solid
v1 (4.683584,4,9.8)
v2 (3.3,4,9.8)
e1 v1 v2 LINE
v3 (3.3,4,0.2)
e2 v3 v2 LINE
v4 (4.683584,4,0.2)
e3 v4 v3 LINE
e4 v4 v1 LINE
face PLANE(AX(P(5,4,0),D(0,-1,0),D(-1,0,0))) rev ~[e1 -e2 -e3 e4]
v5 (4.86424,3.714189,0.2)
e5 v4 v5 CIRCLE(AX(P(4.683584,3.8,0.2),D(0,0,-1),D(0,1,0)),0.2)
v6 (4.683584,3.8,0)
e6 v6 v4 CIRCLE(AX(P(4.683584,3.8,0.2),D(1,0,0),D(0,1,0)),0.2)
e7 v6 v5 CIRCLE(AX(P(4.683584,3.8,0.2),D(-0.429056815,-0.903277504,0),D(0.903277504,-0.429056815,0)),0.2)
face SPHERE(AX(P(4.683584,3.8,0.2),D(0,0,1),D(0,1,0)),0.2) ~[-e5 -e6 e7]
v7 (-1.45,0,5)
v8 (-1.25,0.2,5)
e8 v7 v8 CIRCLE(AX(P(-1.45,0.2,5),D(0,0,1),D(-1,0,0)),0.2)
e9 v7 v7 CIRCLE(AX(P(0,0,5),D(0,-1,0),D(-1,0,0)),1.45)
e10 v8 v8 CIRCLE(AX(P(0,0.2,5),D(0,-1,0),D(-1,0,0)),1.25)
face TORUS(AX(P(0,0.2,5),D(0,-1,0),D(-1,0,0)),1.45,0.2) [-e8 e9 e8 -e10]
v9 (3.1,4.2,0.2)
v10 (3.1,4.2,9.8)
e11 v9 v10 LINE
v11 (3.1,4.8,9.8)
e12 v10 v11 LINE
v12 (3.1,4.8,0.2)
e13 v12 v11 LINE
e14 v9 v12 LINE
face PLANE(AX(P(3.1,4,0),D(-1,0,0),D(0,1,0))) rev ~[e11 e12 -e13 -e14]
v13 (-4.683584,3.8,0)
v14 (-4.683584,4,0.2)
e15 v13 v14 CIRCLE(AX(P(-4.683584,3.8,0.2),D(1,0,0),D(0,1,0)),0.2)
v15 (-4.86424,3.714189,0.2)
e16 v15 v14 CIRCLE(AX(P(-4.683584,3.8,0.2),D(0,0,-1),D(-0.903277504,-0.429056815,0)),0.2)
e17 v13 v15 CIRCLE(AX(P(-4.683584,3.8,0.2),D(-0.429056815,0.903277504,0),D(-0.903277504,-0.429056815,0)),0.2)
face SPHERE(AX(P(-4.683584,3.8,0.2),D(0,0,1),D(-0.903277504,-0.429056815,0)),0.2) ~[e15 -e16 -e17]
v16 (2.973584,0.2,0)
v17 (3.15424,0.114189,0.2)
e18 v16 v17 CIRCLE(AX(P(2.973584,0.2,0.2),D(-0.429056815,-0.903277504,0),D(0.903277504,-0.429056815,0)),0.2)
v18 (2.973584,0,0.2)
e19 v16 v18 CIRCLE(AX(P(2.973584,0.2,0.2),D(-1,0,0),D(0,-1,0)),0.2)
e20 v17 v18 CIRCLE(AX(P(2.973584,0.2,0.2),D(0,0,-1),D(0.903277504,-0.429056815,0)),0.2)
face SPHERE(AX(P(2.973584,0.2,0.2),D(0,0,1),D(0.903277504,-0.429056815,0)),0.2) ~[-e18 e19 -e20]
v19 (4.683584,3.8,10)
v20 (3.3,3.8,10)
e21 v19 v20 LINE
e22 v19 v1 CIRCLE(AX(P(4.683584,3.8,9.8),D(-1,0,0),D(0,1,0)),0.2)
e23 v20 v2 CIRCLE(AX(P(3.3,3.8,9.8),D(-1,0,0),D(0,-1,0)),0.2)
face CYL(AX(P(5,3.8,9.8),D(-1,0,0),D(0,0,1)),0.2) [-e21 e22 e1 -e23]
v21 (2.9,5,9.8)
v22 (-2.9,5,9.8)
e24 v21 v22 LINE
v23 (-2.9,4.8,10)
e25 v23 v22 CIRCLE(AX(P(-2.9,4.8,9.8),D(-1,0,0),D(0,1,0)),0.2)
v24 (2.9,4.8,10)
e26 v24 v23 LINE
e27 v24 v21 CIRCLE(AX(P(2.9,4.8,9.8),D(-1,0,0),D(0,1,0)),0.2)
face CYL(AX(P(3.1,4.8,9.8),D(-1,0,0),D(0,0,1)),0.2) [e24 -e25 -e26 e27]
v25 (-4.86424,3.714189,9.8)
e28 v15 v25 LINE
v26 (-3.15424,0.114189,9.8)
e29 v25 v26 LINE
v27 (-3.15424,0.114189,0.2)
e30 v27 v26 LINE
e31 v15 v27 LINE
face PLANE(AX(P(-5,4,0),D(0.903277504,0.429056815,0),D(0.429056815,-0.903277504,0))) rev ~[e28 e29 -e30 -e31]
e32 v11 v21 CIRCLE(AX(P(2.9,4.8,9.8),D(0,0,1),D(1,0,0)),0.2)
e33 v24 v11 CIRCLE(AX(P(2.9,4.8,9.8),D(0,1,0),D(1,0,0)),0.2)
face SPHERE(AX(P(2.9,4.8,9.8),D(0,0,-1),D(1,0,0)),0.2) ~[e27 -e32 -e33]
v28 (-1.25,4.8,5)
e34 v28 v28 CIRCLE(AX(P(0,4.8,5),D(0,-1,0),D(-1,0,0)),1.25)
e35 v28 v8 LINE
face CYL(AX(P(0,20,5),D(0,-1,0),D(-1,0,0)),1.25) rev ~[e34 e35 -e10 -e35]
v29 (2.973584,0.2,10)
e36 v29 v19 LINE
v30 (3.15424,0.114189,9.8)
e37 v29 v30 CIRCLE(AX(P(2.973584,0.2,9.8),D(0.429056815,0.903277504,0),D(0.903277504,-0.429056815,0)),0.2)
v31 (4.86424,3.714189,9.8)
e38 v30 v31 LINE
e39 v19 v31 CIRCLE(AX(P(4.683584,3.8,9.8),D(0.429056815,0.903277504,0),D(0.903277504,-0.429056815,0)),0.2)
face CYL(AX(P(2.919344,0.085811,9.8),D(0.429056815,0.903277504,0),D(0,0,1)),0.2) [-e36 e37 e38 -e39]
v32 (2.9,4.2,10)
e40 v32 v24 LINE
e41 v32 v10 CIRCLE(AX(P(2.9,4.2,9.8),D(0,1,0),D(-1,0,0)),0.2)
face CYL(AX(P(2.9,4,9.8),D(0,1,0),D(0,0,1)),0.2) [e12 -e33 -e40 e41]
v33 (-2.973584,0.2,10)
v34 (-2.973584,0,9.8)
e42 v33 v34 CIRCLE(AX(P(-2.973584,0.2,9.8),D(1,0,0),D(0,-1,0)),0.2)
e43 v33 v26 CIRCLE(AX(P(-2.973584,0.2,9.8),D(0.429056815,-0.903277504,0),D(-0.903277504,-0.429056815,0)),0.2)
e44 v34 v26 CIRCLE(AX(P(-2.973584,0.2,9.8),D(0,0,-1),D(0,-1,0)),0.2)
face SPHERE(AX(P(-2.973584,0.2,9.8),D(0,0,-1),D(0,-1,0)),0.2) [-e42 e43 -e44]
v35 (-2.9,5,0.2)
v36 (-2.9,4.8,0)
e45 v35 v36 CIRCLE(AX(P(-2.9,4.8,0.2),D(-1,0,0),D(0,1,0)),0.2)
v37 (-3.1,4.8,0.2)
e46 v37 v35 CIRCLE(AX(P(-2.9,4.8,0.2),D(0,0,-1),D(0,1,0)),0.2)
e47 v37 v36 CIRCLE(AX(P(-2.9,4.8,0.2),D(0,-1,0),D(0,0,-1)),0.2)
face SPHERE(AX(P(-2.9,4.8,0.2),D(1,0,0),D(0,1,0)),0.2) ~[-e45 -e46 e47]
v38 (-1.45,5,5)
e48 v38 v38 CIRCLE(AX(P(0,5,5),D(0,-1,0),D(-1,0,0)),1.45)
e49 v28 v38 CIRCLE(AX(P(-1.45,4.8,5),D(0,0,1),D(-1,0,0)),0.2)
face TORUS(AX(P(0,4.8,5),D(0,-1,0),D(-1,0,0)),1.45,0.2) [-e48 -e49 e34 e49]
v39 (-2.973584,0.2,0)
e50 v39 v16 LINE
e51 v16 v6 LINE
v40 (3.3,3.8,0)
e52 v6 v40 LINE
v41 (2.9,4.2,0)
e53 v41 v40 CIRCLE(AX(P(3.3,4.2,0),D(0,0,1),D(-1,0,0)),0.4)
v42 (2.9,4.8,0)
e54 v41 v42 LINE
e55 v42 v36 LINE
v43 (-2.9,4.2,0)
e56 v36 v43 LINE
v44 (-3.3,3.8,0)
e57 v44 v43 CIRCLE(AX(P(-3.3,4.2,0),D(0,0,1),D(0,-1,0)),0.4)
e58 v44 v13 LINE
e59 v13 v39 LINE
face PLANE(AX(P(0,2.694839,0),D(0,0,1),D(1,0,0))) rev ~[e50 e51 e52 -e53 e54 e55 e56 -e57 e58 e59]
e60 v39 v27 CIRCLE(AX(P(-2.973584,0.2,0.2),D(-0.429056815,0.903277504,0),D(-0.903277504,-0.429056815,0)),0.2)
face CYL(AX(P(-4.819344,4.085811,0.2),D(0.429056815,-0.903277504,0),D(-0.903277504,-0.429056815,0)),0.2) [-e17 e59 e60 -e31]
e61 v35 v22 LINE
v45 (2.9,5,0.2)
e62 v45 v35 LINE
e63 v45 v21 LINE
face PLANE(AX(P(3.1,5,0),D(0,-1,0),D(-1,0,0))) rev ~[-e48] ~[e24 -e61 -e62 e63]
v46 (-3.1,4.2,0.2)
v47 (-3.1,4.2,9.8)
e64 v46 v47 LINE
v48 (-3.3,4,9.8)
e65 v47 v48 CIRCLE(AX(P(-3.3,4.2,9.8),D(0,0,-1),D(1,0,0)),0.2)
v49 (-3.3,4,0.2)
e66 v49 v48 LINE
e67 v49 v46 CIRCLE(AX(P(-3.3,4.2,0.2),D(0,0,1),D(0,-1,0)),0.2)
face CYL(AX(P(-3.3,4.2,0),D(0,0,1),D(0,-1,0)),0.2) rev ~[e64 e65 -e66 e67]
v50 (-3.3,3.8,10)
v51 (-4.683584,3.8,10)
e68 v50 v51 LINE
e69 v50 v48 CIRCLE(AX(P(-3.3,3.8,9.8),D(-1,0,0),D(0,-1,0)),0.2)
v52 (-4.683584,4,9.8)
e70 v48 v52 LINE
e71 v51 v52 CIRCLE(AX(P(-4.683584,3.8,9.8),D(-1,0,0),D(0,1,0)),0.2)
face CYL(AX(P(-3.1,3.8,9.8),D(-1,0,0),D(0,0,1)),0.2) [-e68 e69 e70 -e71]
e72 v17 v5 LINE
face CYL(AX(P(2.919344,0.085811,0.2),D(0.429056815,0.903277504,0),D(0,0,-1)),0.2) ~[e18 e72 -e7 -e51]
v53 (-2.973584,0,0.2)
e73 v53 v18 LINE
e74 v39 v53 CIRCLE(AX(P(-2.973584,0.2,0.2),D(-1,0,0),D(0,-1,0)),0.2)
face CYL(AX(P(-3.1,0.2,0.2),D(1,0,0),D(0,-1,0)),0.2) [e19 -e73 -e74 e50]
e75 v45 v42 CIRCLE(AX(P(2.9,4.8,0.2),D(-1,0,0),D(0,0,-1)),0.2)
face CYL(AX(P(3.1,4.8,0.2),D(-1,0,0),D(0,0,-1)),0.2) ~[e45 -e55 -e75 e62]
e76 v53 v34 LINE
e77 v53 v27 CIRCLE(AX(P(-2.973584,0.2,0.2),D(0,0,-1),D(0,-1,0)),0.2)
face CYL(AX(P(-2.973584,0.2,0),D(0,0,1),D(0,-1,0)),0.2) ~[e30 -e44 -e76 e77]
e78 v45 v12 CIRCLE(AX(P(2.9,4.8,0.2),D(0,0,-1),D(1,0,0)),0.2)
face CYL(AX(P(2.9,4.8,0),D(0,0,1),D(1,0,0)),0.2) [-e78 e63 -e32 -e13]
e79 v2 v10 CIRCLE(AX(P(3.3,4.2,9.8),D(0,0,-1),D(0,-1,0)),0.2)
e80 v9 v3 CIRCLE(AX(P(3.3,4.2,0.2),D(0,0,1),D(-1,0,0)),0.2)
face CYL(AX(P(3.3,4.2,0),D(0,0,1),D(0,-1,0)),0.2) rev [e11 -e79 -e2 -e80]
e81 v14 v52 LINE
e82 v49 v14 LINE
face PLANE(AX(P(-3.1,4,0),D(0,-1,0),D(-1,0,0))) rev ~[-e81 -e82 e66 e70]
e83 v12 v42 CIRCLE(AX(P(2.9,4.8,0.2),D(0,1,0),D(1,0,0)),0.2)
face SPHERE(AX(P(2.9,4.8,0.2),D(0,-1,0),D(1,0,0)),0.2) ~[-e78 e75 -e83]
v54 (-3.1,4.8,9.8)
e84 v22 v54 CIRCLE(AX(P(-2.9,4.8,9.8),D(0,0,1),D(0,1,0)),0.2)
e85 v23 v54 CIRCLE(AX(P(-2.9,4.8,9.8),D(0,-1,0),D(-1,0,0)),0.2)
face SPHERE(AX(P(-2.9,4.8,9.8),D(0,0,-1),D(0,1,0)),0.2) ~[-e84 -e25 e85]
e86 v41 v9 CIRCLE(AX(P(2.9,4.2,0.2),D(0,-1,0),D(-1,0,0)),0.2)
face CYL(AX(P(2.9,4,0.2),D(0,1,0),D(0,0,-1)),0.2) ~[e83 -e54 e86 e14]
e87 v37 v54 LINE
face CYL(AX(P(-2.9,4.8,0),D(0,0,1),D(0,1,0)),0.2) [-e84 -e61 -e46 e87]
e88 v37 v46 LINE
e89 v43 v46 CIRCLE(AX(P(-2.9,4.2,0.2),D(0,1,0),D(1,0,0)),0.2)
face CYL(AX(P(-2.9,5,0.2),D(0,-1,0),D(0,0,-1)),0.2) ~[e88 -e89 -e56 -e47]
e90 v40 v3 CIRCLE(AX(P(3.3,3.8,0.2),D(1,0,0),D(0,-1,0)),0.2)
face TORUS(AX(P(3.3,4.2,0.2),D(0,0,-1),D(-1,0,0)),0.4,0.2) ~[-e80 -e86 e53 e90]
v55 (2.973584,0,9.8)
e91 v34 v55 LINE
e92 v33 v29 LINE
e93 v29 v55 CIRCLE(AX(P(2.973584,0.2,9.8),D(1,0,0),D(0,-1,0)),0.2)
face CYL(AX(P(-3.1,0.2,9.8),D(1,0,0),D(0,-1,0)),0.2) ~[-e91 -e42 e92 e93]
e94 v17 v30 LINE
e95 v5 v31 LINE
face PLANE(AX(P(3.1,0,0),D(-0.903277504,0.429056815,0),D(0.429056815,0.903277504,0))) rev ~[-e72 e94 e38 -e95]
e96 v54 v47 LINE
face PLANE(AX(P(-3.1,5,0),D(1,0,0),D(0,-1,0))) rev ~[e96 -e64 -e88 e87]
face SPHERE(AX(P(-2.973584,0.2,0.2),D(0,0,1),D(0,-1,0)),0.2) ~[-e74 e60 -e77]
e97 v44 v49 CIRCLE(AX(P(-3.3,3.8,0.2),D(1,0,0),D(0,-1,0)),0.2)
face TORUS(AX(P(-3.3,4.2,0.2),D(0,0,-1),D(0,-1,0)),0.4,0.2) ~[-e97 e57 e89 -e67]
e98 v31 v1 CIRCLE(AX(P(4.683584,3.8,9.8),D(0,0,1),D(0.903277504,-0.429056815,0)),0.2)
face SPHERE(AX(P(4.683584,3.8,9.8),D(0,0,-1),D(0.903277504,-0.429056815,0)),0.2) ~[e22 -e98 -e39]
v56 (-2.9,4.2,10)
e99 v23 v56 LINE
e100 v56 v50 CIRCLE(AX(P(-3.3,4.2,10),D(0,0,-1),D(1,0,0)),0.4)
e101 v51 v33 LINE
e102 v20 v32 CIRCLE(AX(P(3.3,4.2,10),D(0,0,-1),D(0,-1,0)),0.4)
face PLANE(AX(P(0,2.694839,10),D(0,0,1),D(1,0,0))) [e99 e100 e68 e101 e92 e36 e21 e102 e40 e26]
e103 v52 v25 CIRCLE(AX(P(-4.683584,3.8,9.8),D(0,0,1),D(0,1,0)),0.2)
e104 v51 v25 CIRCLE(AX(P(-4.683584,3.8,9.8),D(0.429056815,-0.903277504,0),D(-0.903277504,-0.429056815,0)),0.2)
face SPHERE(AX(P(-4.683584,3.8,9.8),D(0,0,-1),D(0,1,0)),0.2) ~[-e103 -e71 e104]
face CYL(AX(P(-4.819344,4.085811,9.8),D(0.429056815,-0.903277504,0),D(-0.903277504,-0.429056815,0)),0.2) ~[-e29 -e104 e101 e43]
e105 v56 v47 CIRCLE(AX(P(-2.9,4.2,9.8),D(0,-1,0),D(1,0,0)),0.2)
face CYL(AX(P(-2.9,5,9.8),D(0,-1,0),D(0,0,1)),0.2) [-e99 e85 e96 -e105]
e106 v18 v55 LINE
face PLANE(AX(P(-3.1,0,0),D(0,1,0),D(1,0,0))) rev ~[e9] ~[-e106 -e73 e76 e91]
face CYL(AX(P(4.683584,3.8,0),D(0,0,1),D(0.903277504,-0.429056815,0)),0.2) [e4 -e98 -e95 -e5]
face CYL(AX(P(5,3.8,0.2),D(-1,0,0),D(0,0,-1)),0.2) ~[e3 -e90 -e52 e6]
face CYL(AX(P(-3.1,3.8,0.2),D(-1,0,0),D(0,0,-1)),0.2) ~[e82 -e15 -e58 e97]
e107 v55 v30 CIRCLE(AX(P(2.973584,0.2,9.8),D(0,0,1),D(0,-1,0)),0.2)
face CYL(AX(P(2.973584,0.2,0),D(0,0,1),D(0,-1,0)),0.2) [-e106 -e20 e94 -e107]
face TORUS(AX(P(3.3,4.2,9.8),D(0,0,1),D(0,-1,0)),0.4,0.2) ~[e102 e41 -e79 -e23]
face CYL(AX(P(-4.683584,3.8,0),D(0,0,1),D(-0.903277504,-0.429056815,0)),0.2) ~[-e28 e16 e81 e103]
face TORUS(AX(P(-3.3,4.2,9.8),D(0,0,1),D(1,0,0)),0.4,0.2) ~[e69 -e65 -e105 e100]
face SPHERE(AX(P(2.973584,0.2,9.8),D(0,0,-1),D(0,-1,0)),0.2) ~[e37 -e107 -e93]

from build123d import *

# Parameters (mm, degrees)
NUTEXTRUSION_DEPTH    = 10
M3X0_5_TAPPED_HOLE1_D = 2.5
COSMETIC_FILLETS_R    = 0.2


with BuildPart() as part:
    # MainSketch → NutExtrusion (new body)
    with BuildSketch(Plane.XY):
        Polygon((-3.1, 0), (3.1, 0), (5, 4), (3.1, 4), (3.1, 5), (-3.1, 5), (-3.1, 4), (-5, 4), align=None)
    extrude(amount=NUTEXTRUSION_DEPTH)

    # M3x0.5 Tapped Hole1 (through all)
    with Locations(Plane(origin=(0, 5, 0), x_dir=(1, 0, 0), z_dir=(0, 1, 0))):
        with Locations((0, -5)):
            Hole(M3X0_5_TAPPED_HOLE1_D / 2)

    # Cosmetic Fillets
    cosmetic_fillets_edges = [part.edges().sort_by_distance(p)[0] for p in [
        (4.05, 4, 0),
        (3.1, 4, 5),
        (3.1, 4.5, 0),
        (3.1, 5, 5),
        (0, 5, 0),
        (-3.1, 5, 5),
        (1.25, 5, 5),
        (1.25, 0, 5),
        (-3.1, 4.5, 0),
        (-3.1, 4, 5),
        (-4.05, 4, 0),
        (-5, 4, 5),
        (-4.05, 2, 0),
        (-3.1, 0, 5),
        (0, 0, 0),
        (0, 0, 10),
        (4.05, 2, 10),
        (4.05, 4, 10),
        (3.1, 4.5, 10),
        (0, 5, 10),
        (-3.1, 4.5, 10),
        (-4.05, 4, 10),
        (-4.05, 2, 10),
        (3.1, 0, 5),
        (4.05, 2, 0),
        (5, 4, 5),
    ]]
    fillet(cosmetic_fillets_edges, radius=COSMETIC_FILLETS_R)


solid = part.part
